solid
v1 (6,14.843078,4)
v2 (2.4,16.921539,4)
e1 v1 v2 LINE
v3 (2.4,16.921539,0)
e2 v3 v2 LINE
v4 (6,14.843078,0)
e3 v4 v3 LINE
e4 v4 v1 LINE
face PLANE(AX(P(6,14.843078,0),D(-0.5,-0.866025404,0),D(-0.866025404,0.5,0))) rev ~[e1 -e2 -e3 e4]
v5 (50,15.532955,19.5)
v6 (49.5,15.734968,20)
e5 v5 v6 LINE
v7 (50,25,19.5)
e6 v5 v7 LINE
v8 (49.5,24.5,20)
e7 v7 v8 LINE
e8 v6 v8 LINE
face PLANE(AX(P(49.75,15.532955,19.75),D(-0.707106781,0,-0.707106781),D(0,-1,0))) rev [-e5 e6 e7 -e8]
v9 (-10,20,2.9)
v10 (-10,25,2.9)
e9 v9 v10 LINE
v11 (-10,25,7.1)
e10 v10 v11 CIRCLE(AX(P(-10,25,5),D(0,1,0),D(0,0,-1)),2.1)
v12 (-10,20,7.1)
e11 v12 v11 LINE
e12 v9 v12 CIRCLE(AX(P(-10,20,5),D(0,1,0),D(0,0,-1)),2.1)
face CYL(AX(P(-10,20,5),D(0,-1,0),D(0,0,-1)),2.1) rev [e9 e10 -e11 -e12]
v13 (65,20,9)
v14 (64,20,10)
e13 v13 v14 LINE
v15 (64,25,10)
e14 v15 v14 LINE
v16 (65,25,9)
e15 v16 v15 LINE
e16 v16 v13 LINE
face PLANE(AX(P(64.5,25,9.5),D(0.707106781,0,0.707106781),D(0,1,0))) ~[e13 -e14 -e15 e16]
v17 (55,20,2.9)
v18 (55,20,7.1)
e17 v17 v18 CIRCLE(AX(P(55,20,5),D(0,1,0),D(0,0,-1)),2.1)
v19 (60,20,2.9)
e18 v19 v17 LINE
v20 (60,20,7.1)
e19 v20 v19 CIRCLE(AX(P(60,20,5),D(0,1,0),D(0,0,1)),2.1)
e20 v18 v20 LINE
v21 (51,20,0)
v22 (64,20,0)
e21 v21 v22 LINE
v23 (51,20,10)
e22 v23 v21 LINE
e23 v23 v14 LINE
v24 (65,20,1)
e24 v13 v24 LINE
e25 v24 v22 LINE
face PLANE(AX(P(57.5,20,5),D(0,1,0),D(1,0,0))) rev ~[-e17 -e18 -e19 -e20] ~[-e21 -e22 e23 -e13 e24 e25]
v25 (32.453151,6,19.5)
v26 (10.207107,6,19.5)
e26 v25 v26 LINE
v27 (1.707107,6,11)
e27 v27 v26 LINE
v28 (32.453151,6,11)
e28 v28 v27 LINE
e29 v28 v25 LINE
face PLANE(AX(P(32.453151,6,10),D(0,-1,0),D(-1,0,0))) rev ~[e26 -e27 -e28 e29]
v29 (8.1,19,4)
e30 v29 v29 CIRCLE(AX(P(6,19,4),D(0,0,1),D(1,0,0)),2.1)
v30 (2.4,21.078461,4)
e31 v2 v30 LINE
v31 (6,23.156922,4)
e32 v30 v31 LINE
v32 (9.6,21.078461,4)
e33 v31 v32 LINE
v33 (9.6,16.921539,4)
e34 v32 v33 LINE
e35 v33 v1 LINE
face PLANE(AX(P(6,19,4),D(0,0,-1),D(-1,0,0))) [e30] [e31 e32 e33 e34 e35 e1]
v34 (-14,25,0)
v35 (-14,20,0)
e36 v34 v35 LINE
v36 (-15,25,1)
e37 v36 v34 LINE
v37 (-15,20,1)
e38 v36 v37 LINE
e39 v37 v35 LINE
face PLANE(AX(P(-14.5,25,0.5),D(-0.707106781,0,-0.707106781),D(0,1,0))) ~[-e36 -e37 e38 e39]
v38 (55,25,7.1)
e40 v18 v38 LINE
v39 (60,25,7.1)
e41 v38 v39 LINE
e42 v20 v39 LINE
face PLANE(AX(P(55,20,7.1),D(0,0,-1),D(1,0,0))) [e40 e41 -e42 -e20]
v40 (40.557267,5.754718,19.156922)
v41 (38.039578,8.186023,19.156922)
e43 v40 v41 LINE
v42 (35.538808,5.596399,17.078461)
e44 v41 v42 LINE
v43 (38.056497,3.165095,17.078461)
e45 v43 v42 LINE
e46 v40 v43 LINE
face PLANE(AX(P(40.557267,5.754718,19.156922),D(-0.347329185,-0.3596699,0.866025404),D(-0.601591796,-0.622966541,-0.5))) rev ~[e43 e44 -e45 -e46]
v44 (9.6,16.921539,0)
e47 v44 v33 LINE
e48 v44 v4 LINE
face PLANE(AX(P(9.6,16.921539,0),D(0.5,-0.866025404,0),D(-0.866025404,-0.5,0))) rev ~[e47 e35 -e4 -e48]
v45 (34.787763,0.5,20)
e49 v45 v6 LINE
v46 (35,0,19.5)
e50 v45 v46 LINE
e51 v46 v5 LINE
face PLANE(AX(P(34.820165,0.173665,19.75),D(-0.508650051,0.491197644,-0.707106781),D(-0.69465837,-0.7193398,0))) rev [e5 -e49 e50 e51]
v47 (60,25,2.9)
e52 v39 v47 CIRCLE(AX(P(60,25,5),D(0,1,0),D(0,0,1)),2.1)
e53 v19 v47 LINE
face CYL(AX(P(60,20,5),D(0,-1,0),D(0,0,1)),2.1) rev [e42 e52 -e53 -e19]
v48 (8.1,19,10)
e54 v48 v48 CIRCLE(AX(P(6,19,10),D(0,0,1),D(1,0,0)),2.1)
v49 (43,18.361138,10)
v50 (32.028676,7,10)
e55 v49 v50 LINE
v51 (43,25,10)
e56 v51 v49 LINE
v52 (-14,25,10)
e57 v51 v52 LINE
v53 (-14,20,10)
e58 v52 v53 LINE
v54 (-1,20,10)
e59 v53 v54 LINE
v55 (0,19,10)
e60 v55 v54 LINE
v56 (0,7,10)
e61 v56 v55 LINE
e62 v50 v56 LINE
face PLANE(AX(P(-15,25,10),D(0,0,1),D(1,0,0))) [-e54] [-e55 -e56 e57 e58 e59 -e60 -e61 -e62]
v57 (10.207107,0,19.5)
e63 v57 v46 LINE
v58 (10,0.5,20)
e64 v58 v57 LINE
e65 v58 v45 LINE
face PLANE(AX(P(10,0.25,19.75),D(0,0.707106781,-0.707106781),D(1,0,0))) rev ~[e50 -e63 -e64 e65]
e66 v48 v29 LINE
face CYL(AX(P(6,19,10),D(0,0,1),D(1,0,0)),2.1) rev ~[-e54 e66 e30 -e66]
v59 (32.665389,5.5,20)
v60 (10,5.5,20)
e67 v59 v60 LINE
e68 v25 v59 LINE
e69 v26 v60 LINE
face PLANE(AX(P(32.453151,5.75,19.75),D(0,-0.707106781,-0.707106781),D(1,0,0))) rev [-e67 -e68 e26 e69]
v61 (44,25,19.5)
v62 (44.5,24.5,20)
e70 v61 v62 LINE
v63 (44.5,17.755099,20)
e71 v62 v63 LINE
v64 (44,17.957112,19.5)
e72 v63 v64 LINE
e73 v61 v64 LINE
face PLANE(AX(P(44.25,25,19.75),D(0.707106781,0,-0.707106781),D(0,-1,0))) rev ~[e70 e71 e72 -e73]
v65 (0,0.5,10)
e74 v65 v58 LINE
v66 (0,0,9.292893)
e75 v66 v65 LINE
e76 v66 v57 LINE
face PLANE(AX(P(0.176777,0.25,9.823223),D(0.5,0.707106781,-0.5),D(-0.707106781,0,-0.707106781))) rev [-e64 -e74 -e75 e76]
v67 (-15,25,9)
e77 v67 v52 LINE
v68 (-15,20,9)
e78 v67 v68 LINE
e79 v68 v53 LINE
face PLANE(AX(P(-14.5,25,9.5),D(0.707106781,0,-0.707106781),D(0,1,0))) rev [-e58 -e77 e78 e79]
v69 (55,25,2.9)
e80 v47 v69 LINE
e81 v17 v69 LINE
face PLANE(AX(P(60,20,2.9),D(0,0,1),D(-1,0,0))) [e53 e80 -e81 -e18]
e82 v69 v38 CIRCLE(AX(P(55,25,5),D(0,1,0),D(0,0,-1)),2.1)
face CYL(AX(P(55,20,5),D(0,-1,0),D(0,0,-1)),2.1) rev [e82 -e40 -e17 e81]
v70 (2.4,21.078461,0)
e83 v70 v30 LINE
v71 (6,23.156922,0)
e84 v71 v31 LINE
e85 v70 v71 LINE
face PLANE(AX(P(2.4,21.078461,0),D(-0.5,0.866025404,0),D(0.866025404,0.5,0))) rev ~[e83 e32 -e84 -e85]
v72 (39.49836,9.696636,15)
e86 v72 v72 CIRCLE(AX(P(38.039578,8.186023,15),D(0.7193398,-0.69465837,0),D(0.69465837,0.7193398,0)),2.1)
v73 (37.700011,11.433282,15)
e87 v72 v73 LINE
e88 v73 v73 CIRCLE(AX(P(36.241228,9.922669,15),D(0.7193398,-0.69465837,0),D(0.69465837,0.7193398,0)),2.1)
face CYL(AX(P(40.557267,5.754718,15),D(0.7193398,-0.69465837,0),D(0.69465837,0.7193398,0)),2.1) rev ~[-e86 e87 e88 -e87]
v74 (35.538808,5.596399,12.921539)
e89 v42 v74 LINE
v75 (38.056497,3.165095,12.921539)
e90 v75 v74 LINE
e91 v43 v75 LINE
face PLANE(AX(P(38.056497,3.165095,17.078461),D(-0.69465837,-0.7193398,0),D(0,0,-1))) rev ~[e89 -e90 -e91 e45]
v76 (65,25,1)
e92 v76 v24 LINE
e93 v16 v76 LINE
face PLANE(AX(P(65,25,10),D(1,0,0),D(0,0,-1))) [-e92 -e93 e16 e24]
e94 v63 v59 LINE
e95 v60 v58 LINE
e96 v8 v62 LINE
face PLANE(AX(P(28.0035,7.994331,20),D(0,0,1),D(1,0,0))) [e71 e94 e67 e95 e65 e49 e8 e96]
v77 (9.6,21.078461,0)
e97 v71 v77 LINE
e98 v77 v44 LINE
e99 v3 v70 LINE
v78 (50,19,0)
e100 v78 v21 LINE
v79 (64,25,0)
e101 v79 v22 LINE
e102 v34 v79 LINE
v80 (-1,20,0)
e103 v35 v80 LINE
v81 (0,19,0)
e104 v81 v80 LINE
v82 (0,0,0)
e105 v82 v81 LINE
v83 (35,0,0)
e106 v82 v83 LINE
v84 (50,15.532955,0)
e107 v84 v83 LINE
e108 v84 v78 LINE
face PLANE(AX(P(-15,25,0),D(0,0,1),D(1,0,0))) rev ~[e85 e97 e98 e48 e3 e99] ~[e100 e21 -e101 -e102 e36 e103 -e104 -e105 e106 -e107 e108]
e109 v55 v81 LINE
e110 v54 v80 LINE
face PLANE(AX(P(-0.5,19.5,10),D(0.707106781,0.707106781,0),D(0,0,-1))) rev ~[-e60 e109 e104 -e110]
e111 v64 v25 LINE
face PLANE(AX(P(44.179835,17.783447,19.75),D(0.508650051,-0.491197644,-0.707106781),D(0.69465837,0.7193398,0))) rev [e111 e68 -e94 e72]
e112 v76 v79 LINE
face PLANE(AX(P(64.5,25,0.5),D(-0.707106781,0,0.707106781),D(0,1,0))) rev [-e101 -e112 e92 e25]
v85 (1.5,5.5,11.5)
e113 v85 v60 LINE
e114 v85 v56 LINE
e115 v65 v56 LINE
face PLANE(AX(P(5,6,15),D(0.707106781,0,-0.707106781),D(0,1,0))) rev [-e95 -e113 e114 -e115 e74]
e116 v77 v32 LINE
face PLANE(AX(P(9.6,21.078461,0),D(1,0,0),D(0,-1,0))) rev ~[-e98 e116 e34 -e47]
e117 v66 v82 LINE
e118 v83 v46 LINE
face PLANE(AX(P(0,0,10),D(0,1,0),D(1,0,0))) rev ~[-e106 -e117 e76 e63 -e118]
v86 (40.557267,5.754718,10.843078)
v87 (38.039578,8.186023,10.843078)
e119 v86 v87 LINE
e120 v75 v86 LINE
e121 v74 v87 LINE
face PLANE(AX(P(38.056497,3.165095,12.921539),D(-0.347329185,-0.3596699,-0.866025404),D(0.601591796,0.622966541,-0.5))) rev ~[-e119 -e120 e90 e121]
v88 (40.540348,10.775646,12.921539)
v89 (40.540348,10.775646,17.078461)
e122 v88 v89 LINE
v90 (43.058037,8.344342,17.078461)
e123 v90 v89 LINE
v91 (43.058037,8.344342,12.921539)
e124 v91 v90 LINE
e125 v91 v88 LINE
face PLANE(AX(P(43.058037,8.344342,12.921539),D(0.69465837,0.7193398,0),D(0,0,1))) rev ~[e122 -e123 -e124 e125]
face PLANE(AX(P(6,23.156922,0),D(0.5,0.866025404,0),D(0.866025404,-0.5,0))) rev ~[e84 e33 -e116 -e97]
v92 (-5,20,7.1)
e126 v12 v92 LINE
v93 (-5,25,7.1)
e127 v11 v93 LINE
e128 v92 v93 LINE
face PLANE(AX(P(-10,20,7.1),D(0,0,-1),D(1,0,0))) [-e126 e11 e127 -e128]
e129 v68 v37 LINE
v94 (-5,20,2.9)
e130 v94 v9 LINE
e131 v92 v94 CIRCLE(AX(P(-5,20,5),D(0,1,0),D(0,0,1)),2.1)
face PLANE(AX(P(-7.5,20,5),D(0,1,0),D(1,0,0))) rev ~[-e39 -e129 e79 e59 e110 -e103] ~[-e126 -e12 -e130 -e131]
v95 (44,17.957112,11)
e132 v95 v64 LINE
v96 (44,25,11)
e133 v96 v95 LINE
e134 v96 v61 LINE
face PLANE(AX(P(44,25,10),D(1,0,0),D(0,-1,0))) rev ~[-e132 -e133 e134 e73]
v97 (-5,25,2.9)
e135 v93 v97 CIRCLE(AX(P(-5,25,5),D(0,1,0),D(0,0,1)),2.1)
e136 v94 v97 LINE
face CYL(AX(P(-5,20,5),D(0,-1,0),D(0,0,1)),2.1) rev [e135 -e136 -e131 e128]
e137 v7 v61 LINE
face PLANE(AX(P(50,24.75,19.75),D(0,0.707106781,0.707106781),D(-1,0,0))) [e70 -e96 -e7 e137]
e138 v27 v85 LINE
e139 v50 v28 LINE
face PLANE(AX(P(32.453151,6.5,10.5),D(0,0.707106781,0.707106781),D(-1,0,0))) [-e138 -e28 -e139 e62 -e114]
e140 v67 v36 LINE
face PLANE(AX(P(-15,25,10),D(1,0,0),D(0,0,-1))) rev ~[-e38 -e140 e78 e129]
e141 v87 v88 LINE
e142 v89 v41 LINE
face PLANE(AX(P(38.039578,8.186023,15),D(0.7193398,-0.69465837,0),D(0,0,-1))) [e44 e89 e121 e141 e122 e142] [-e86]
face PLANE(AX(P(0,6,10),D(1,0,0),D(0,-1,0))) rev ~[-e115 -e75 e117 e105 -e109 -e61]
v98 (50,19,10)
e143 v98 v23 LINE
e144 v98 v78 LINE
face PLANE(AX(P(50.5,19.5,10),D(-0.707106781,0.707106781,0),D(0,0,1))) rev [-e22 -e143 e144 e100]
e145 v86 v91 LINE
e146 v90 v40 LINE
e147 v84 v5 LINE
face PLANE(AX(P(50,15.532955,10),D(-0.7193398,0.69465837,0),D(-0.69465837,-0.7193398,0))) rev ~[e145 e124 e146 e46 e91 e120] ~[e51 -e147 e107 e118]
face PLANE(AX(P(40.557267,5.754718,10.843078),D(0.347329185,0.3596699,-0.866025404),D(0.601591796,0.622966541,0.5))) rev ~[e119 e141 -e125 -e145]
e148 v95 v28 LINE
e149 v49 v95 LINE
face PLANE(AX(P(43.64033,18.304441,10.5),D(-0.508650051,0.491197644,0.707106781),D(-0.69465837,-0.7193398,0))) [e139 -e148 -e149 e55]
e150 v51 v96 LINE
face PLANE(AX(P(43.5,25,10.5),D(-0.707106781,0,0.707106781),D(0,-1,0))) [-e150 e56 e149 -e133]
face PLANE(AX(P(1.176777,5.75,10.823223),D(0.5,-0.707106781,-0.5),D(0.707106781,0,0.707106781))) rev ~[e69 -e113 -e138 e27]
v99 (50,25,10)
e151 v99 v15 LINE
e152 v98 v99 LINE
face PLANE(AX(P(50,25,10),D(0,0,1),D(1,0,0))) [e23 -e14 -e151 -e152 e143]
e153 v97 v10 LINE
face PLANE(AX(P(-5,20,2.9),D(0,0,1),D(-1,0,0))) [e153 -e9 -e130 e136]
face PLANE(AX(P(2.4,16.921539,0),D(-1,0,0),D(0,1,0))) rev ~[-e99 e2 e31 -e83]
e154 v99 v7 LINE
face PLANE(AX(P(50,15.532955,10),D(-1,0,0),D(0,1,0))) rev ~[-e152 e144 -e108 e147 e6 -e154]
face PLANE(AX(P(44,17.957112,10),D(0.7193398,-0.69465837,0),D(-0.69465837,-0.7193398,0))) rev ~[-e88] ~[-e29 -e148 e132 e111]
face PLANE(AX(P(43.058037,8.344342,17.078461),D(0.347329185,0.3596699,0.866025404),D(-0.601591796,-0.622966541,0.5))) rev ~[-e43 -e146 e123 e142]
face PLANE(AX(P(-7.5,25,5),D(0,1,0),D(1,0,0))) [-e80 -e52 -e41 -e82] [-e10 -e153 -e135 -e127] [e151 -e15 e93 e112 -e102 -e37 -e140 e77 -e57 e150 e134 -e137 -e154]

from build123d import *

# Parameters (mm, degrees)
SKICA1_W                 = 50
SKICA1_H                 = 25
P_IDAT_VYSUNUT_M1_DEPTH  = 10
P_IDAT_VYSUNUT_M2_DEPTH  = 10
SKICA3_R                 = 2.1
ODEBRAT_VYSUNUT_M1_DEPTH = 10
ODEBRAT_VYSUNUT_M2_DEPTH = 10
SKICA5_R                 = 2.1
ODEBRAT_VYSUNUT_M3_DEPTH = 10
SKICA6_W                 = 15
SKICA6_H                 = 10
P_IDAT_VYSUNUT_M3_DEPTH  = 5
ODEBRAT_VYSUNUT_M5_DEPTH = 3.5
ODEBRAT_VYSUNUT_M6_DEPTH = 4
ZKOSEN_1_SIZE            = 10
ODEBRAT_VYSUNUT_M7_DEPTH = 5
ZKOSEN_3_SIZE            = 1
ZKOSEN_4_SIZE            = 0.5
ZKOSEN_5_SIZE            = 1
ZKOSEN_7_SIZE            = 1


with BuildPart() as part:
    # Skica1 → Přidat vysunutím1 (new body)
    with BuildSketch(Plane.XY):
        with Locations((25, 12.5)):
            Rectangle(SKICA1_W, SKICA1_H)
    extrude(amount=P_IDAT_VYSUNUT_M1_DEPTH)

    # Skica2 → Přidat vysunutím2 (add)
    with BuildSketch(Plane.XY.offset(10)):
        Polygon((0, 0), (35, 0), (50, 15.532954707), (50, 25), (44, 25), (44, 17.957112062), (32.453151103, 6), (0, 6), align=None)
    extrude(amount=P_IDAT_VYSUNUT_M2_DEPTH)

    # Skica3 → Odebrat vysunutím1 (cut)
    with BuildSketch(Plane.XY.offset(10)):
        with Locations((6, 19)):
            Circle(SKICA3_R)
    extrude(amount=-ODEBRAT_VYSUNUT_M1_DEPTH, mode=Mode.SUBTRACT)

    # Skica4 → Odebrat vysunutím2 (cut)
    with BuildSketch(Plane.XY.offset(10)):
        Polygon((50, 15.532954707), (35, 0), (50, 0), align=None)
    extrude(amount=-ODEBRAT_VYSUNUT_M2_DEPTH, mode=Mode.SUBTRACT)

    # Skica5 → Odebrat vysunutím3 (cut)
    with BuildSketch(Plane(origin=(18.110741192, -17.489339473, 0), x_dir=(0, 0, -1), z_dir=(0.7193398003386524, -0.6946583704589961, 0))):
        with Locations(Location((-15, 32.313042966, 0), (0, 0, 90))):
            Circle(SKICA5_R)
    extrude(amount=-ODEBRAT_VYSUNUT_M3_DEPTH, mode=Mode.SUBTRACT)

    # Skica6 → Přidat vysunutím3 (add)
    with BuildSketch(Plane(origin=(0, 25, 0), x_dir=(1, 0, 0), z_dir=(0, 1, 0))):
        with Locations((-7.5, -5)):
            Rectangle(SKICA6_W, SKICA6_H)
        with Locations((57.5, -5)):
            Rectangle(SKICA6_W, SKICA6_H)
    extrude(amount=-P_IDAT_VYSUNUT_M3_DEPTH)

    # Skica9 → Odebrat vysunutím5 (cut)
    with BuildSketch(Plane(origin=(18.110741192, -17.489339473, 0), x_dir=(0, 0, -1), z_dir=(0.7193398003386524, -0.6946583704589961, 0))):
        Polygon((-19.156921938, 32.313042966), (-17.078460969, 28.713042966), (-12.921539031, 28.713042966), (-10.843078062, 32.313042966), (-12.921539031, 35.913042966), (-17.078460969, 35.913042966), align=None)
    extrude(amount=-ODEBRAT_VYSUNUT_M5_DEPTH, mode=Mode.SUBTRACT)

    # Skica10 → Odebrat vysunutím6 (cut)
    with BuildSketch(Plane(origin=(0, 0, 0), x_dir=(-1, 0, 0), z_dir=(0, 0, -1))):
        Polygon((-6, 23.156921938), (-9.6, 21.078460969), (-9.6, 16.921539031), (-6, 14.843078062), (-2.4, 16.921539031), (-2.4, 21.078460969), align=None)
    extrude(amount=-ODEBRAT_VYSUNUT_M6_DEPTH, mode=Mode.SUBTRACT)

    # Zkosení1
    zkosen_1_edges = [part.edges().sort_by_distance(p)[0] for p in [
        (0, 3, 20),
    ]]
    chamfer(zkosen_1_edges, length=ZKOSEN_1_SIZE)

    # Skica11 → Odebrat vysunutím7 (cut)
    with BuildSketch(Plane.XZ.offset(-20)):
        with BuildLine():
            Line((-10, 7.1), (-5, 7.1))
            ThreePointArc((-5, 7.1), (-2.9, 5), (-5, 2.9))
            Line((-5, 2.9), (-10, 2.9))
            ThreePointArc((-10, 2.9), (-12.1, 5), (-10, 7.1))
        make_face()
        with BuildLine():
            Line((55, 7.1), (60, 7.1))
            ThreePointArc((60, 7.1), (62.1, 5), (60, 2.9))
            Line((60, 2.9), (55, 2.9))
            ThreePointArc((55, 2.9), (52.9, 5), (55, 7.1))
        make_face()
    extrude(amount=-ODEBRAT_VYSUNUT_M7_DEPTH, mode=Mode.SUBTRACT)

    # Zkosení3
    zkosen_3_edges = [part.edges().sort_by_distance(p)[0] for p in [
        (44, 21.478556031, 10),
        (38.226575551, 11.978556031, 10),
        (16.226575551, 6, 10),
    ]]
    chamfer(zkosen_3_edges, length=ZKOSEN_3_SIZE)

    # Zkosení4
    zkosen_4_edges = [part.edges().sort_by_distance(p)[0] for p in [
        (22.5, 0, 20),
        (5, 0, 15),
        (5.5, 6, 15.5),
        (42.5, 7.766477353, 20),
        (50, 20.266477353, 20),
        (47, 25, 20),
        (44, 21.478556031, 20),
        (38.226575551, 11.978556031, 20),
        (21.226575551, 6, 20),
    ]]
    chamfer(zkosen_4_edges, length=ZKOSEN_4_SIZE)

    # Zkosení5
    zkosen_5_edges = [part.edges().sort_by_distance(p)[0] for p in [
        (0, 20, 5),
        (50, 20, 5),
    ]]
    chamfer(zkosen_5_edges, length=ZKOSEN_5_SIZE)

    # Zkosení7
    zkosen_7_edges = [part.edges().sort_by_distance(p)[0] for p in [
        (-15, 22.5, 10),
        (-15, 22.5, 0),
        (65, 22.5, 0),
        (65, 22.5, 10),
    ]]
    chamfer(zkosen_7_edges, length=ZKOSEN_7_SIZE)


solid = part.part
